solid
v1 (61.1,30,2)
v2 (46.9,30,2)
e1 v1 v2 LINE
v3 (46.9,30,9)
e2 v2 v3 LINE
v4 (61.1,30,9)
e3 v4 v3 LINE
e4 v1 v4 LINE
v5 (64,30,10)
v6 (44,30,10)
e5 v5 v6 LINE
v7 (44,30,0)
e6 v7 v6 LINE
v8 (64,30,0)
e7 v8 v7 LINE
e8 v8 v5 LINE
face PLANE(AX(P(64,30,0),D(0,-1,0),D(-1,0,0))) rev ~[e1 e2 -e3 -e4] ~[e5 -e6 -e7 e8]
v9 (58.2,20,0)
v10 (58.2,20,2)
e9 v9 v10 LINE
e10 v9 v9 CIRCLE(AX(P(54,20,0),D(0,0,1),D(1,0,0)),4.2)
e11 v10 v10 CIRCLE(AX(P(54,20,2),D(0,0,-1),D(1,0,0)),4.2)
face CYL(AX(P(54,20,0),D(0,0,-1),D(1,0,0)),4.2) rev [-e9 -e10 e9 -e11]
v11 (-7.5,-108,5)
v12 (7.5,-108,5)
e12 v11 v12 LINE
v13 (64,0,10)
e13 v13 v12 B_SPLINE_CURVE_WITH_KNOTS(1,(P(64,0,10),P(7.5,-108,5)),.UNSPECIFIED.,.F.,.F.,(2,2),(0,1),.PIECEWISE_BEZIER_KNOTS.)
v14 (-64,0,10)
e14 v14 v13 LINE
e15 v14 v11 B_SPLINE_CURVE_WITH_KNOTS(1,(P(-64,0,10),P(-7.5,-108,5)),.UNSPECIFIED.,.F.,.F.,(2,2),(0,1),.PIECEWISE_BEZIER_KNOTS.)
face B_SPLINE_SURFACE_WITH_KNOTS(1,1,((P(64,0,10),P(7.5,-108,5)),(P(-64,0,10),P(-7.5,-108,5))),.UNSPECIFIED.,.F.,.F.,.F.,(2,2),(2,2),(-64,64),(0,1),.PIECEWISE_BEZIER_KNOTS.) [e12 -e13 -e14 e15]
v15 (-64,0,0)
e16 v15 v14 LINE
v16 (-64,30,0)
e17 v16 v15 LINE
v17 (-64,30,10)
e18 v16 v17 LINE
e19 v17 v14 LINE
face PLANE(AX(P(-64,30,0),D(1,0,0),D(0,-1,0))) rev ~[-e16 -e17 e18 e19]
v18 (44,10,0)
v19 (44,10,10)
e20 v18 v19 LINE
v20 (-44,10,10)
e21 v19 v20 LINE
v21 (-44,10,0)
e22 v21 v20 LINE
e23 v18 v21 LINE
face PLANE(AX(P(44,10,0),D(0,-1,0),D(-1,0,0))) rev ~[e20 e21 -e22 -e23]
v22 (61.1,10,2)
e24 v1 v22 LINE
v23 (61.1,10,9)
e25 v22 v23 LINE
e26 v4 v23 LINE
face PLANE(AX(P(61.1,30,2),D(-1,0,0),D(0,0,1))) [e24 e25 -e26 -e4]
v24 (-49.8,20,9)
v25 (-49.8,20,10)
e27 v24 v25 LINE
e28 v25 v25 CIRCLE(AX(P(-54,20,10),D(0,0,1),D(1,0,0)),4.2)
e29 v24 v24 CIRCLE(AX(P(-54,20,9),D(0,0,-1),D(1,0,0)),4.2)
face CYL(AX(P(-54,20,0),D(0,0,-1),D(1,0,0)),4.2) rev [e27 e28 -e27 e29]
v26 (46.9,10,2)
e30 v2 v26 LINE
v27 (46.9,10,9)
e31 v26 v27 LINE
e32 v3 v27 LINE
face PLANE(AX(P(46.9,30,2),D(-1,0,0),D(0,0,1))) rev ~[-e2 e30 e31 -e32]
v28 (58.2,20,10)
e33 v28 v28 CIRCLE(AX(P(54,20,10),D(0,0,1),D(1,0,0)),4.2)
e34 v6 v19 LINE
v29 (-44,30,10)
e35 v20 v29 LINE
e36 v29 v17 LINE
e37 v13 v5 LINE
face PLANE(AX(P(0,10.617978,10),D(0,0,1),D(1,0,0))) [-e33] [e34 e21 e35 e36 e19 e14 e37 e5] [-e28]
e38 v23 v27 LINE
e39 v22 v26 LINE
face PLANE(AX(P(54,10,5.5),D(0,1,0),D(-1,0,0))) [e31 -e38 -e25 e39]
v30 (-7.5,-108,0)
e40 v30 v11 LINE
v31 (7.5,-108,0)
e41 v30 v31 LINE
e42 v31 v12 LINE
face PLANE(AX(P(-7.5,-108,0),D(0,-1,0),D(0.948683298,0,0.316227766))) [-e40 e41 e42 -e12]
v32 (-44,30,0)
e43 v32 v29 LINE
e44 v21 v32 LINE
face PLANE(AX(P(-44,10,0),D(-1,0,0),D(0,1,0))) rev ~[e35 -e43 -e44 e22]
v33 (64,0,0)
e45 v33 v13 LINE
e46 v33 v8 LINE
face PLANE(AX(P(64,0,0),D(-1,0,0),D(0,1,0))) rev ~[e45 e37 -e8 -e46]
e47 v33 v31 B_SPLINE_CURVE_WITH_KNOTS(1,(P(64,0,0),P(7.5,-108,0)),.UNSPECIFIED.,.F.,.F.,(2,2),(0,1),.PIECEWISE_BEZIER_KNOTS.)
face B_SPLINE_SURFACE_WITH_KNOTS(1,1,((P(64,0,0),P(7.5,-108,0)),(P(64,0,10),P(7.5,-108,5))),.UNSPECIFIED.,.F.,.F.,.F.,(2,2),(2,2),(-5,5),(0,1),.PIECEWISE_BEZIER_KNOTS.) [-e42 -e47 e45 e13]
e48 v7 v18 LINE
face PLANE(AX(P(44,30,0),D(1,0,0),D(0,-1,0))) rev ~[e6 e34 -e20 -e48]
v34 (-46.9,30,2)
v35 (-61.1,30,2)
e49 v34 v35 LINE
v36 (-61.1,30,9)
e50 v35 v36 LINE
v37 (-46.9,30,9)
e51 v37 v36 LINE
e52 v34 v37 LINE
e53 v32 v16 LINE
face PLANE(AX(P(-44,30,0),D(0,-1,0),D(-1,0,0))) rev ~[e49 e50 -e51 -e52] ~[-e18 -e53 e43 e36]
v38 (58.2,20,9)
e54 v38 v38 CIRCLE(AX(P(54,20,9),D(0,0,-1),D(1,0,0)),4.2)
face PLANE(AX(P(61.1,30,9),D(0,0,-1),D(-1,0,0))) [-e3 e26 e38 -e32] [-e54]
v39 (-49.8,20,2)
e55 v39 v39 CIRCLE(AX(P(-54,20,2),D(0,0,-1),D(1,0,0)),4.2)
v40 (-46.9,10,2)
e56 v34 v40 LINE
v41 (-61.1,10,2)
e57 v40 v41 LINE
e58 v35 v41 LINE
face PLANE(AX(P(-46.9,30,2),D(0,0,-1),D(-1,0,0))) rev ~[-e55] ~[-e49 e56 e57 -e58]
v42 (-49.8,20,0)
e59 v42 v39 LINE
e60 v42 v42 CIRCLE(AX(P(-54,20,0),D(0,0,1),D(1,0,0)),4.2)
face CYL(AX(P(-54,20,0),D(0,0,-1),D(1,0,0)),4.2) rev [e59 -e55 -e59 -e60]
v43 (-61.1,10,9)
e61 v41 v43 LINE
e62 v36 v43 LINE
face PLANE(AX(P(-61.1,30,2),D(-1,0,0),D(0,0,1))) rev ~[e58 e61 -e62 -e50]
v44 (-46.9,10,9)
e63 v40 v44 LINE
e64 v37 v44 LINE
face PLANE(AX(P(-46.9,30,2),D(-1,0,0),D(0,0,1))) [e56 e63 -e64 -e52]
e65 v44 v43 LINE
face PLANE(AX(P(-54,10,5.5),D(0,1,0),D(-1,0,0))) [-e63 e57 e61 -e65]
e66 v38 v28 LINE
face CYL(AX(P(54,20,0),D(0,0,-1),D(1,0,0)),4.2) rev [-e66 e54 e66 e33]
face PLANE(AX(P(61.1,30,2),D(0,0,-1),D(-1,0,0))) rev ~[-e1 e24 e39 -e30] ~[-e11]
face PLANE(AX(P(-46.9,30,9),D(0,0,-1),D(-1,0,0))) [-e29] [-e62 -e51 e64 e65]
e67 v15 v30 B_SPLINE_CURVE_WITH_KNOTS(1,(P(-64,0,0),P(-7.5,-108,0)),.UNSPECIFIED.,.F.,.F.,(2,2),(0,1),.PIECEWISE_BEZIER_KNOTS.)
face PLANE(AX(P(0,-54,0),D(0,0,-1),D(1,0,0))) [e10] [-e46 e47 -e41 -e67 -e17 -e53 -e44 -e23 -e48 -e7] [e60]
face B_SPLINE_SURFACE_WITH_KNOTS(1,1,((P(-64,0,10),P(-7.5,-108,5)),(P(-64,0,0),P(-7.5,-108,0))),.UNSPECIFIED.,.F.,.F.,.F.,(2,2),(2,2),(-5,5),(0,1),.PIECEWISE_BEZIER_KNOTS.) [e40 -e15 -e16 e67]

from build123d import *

# Parameters (mm, degrees)
SKETCH002_W  = 128
SKETCH002_H  = 10
SKETCH001_W  = 15
SKETCH001_H  = 5
SKETCH_R     = 4.2
PAD_DEPTH    = 10
SKETCH003_W  = 14.2
SKETCH003_H  = 7
POCKET_DEPTH = 20


with BuildPart() as loft_body:
    # Sketch002 → Loft section 0
    with BuildSketch(Plane.XZ):
        with Locations((0, 5)):
            Rectangle(SKETCH002_W, SKETCH002_H)
    # Sketch001 → Loft section 1
    with BuildSketch(Plane.XZ.offset(108)):
        with Locations((0, 2.5)):
            Rectangle(SKETCH001_W, SKETCH001_H)
    loft()


with BuildPart() as pocket:
    # Sketch → Pad (new body)
    with BuildSketch(Plane.XY):
        Polygon((-64, 30), (-64, 0), (64, 0), (64, 30), (44, 30), (44, 10), (-44, 10), (-44, 30), align=None)
        with Locations((-54, 20)):
            Circle(SKETCH_R, mode=Mode.SUBTRACT)
        with Locations((54, 20)):
            Circle(SKETCH_R, mode=Mode.SUBTRACT)
    extrude(amount=PAD_DEPTH)

    # Fusion: union Loft body
    add(loft_body.part)

    # Sketch003 → Pocket (cut)
    with BuildSketch(Plane(origin=(0, 30, 0), x_dir=(-1, 0, 0), z_dir=(0, 1, 0))):
        with Locations((54, 5.5)):
            Rectangle(SKETCH003_W, SKETCH003_H)
        with Locations((-54, 5.5)):
            Rectangle(SKETCH003_W, SKETCH003_H)
    extrude(amount=-POCKET_DEPTH, mode=Mode.SUBTRACT)


solid = pocket.part
